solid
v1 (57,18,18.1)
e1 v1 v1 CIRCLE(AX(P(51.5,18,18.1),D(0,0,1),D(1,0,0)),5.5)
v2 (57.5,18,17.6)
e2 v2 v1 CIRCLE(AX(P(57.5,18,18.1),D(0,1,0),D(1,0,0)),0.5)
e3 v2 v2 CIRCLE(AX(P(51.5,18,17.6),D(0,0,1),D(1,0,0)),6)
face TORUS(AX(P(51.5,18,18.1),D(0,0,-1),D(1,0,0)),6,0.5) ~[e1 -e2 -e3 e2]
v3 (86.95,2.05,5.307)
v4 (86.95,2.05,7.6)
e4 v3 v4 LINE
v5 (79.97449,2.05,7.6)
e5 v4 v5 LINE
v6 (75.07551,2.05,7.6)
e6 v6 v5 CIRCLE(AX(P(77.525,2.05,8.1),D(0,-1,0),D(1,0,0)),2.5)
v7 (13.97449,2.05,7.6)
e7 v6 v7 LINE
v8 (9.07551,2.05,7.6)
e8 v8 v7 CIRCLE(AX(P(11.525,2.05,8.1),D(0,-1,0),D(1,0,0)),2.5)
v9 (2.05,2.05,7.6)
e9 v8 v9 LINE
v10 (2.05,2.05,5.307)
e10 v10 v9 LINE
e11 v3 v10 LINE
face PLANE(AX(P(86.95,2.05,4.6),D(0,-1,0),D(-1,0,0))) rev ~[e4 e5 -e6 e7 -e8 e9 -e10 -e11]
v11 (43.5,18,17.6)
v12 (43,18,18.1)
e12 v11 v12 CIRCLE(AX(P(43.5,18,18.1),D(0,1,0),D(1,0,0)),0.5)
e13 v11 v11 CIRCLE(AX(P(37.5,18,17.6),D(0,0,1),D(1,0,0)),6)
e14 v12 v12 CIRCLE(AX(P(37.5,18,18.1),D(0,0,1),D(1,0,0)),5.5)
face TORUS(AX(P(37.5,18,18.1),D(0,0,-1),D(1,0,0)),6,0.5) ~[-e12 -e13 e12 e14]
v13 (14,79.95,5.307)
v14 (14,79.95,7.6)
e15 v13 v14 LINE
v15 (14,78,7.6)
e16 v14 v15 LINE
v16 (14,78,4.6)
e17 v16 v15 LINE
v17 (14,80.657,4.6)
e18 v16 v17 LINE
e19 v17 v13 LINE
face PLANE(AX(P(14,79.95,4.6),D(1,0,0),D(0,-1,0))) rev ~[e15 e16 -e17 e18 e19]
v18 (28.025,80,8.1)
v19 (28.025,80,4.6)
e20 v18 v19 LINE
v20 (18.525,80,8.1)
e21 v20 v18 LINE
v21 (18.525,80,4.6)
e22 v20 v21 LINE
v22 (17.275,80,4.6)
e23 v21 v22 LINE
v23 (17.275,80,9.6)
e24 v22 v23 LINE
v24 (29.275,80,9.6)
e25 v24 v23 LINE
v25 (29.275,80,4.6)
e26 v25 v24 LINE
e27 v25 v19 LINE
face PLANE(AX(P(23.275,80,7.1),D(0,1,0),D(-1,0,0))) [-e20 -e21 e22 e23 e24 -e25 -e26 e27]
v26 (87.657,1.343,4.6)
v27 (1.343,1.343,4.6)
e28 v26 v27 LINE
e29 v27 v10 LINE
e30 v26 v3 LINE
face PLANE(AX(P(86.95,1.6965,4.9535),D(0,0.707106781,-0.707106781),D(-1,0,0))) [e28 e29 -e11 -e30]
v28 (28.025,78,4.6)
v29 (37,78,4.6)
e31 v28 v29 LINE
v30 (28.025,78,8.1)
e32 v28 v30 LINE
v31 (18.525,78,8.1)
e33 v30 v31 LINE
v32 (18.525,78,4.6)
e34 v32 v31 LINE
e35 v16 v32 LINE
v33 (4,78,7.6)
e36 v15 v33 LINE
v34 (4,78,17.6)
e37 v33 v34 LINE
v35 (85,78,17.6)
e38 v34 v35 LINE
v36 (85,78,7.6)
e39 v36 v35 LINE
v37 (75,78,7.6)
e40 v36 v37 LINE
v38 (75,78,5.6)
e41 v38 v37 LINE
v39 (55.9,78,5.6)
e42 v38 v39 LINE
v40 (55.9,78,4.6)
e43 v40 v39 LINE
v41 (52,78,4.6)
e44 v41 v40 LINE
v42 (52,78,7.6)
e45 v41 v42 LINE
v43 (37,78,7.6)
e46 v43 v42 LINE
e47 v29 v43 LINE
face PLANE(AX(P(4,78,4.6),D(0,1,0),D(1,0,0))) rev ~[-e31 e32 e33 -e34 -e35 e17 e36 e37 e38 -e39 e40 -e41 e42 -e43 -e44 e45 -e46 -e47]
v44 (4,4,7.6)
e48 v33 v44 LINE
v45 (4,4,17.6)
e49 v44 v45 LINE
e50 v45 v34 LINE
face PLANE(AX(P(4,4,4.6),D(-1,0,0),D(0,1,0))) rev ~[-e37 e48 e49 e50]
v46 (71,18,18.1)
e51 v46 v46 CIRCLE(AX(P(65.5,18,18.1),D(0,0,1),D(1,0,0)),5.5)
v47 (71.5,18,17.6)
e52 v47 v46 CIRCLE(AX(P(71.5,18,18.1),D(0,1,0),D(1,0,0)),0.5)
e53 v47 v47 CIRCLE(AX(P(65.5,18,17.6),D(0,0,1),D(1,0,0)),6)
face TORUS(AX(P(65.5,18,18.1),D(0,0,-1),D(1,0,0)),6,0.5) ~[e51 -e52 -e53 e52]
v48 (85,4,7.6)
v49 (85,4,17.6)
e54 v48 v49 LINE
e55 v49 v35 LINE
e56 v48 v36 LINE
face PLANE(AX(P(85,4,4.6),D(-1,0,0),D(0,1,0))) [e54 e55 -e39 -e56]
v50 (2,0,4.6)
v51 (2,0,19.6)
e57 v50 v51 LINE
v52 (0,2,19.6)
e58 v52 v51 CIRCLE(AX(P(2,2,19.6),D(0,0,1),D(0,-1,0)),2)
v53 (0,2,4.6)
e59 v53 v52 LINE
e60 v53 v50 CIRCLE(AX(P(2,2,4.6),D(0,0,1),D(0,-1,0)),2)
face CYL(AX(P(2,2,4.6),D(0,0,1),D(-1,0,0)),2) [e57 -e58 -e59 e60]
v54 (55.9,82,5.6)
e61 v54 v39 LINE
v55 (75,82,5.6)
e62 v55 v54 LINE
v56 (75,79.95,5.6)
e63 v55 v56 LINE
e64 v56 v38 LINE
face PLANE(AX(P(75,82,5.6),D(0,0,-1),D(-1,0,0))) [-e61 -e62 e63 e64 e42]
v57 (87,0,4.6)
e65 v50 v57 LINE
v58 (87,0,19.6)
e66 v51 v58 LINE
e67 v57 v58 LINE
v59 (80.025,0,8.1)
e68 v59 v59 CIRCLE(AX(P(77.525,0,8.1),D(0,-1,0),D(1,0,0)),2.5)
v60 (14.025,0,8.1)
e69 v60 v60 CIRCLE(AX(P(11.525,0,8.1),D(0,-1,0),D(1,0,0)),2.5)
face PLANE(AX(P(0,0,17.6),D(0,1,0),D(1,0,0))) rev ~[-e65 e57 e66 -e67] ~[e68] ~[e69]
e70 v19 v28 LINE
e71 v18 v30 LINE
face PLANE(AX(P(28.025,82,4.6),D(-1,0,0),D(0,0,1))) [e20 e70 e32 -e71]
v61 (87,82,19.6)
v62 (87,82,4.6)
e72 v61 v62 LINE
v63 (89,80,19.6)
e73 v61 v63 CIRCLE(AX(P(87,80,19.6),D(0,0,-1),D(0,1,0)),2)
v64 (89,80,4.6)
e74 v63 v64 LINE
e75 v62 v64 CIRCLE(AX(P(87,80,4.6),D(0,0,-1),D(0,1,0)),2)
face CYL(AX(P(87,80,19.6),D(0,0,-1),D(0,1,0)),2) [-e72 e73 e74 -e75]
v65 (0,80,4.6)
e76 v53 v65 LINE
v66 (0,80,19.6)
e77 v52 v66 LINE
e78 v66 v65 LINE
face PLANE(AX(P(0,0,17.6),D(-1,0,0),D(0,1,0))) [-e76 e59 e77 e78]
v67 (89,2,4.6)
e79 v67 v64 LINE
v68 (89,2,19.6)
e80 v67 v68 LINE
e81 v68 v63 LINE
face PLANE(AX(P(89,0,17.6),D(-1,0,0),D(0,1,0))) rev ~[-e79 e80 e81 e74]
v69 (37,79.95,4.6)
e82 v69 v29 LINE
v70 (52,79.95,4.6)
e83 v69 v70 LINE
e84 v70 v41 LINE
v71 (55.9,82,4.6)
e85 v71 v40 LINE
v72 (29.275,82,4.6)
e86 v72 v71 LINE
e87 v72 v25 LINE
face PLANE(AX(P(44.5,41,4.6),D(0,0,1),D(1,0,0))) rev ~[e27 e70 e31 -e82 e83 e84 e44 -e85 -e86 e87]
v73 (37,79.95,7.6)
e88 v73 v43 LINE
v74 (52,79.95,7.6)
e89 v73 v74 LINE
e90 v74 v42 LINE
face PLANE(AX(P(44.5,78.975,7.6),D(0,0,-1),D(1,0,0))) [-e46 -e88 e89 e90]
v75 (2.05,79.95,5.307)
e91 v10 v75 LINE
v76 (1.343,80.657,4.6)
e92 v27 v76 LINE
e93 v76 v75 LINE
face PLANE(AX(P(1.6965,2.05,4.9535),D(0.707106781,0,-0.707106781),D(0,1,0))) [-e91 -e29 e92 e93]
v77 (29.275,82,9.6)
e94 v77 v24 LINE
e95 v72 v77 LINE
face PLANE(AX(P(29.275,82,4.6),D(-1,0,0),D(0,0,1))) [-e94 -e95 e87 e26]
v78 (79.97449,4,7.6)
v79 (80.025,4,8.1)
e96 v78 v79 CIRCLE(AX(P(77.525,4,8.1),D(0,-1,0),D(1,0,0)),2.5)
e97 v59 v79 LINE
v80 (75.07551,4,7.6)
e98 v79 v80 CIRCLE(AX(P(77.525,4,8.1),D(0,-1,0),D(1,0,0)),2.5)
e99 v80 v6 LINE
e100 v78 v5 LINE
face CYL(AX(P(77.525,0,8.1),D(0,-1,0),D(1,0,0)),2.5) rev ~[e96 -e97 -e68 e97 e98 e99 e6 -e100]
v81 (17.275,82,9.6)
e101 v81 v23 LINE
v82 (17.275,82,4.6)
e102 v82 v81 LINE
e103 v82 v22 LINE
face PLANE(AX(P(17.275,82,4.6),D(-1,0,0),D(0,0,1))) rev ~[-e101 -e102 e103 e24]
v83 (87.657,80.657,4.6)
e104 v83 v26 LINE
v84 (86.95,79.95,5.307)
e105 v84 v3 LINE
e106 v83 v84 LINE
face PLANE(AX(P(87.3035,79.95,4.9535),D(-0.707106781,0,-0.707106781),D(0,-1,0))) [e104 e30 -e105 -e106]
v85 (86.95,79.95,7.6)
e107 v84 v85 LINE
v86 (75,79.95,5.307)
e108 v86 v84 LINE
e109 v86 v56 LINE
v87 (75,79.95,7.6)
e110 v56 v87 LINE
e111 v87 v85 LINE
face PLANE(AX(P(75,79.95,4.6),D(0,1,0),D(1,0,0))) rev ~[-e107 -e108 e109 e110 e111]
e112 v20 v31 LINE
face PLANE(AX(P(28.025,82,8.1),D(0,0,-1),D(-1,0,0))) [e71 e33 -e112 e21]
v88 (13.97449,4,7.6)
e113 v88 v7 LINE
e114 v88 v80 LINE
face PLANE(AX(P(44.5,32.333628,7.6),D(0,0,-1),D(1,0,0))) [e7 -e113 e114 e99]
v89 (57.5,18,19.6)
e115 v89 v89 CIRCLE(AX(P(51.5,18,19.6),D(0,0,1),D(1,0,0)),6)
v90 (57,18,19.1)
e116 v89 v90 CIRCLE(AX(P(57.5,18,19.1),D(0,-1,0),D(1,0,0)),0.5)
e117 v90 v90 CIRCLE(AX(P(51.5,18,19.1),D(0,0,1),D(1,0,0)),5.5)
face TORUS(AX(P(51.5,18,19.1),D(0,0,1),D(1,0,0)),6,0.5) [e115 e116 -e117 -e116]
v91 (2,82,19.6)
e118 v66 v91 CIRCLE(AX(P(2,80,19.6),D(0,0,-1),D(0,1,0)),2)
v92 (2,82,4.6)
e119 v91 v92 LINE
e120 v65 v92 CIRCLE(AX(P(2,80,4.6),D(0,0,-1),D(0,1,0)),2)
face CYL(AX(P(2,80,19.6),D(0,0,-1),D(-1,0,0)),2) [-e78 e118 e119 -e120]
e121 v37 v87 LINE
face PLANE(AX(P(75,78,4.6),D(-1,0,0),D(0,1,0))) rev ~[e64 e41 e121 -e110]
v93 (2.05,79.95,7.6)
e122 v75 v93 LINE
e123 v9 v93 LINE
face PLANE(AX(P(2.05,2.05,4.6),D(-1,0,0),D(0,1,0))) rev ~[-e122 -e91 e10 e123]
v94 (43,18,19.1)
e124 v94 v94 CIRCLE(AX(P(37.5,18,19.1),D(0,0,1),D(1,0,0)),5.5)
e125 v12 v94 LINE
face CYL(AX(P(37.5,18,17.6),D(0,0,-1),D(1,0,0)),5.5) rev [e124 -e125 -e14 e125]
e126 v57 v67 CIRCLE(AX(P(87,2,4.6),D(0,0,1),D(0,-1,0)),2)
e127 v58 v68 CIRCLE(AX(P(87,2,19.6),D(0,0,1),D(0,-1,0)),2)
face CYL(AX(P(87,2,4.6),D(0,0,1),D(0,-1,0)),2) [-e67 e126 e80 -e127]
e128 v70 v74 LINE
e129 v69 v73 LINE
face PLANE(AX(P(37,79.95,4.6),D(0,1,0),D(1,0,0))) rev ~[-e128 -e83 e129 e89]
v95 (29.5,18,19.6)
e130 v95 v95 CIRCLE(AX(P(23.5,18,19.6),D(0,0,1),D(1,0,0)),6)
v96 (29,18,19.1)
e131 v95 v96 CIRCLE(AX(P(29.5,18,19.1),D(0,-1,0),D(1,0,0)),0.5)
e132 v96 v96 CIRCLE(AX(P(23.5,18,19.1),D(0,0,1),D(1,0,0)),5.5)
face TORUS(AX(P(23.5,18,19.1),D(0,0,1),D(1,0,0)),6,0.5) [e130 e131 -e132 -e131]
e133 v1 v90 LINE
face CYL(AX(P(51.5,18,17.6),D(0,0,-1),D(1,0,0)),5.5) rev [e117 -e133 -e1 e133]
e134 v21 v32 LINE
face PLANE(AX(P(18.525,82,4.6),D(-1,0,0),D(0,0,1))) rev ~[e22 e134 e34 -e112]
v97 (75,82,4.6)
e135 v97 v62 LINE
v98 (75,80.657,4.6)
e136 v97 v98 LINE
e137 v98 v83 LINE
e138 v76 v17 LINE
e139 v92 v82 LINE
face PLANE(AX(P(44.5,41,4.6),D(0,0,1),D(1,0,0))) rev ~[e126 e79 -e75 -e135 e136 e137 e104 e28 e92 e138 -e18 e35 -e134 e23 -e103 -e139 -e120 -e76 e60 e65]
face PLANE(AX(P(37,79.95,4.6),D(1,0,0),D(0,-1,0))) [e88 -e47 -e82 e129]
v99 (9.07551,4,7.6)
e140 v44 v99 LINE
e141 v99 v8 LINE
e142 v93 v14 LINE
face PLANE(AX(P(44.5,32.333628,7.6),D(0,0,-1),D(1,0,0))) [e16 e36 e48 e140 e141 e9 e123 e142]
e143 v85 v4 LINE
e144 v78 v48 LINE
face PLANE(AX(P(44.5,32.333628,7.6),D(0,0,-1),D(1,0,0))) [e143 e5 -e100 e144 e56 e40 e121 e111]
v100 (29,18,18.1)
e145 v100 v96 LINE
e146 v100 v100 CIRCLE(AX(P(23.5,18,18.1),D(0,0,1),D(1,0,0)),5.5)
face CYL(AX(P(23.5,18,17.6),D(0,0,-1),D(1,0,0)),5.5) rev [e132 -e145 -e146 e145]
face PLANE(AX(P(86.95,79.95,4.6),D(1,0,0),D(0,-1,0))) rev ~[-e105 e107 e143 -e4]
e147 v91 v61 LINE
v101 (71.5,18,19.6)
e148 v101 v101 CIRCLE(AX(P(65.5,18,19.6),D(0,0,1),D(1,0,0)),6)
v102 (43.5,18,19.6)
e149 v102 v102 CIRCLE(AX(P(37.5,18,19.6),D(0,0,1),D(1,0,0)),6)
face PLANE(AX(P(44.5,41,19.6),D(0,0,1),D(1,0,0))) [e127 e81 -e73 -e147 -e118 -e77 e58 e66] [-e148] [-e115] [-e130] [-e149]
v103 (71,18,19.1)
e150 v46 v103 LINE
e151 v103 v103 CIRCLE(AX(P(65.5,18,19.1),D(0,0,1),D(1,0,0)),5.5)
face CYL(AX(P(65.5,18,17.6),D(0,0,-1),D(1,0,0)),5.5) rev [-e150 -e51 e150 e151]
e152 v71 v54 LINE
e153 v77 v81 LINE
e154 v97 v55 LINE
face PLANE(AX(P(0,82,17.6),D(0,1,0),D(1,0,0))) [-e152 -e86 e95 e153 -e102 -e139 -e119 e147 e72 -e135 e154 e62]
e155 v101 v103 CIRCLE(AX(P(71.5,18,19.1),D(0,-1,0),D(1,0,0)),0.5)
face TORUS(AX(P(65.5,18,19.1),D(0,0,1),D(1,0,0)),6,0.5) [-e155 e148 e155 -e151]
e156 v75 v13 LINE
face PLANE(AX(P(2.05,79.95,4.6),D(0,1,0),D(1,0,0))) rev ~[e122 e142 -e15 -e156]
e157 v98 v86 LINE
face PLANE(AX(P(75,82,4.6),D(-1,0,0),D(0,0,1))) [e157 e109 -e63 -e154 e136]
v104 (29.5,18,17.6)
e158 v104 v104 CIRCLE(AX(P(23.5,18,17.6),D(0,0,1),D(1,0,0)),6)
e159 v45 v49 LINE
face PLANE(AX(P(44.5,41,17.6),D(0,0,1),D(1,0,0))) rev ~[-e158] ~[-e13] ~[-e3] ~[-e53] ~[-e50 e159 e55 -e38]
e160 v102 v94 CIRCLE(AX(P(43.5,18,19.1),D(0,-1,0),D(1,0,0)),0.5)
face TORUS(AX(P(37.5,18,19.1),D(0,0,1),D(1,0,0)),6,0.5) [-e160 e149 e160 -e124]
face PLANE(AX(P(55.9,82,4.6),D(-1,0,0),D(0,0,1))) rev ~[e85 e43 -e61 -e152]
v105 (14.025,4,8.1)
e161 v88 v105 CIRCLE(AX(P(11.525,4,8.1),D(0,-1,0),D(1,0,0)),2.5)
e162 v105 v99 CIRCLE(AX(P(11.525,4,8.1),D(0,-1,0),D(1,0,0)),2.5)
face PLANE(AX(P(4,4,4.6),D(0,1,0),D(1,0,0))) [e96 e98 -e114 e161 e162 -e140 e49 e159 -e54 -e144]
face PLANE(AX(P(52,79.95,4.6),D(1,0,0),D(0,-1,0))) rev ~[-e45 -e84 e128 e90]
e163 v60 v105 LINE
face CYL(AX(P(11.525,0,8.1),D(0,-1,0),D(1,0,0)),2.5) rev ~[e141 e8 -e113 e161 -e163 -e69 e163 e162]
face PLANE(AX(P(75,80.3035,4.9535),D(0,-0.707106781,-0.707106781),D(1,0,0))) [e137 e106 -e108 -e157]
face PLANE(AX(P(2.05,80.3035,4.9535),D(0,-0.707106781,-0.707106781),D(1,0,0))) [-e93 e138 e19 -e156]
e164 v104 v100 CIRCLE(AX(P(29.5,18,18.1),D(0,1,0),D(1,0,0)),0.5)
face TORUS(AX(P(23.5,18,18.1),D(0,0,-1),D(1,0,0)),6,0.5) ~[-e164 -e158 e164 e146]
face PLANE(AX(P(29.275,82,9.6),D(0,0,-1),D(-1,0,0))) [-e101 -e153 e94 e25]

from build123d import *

# Parameters (mm, degrees)
SKETCH005_W     = 89
SKETCH005_H     = 82
SKETCH005_W_2   = 81
SKETCH005_H_2   = 74
PAD005_DEPTH    = 13
SKETCH006_W     = 89
SKETCH006_H     = 82
SKETCH006_R     = 5.5
PAD006_DEPTH    = 2
SKETCH007_W     = 9.5
SKETCH007_H     = 3.5
SKETCH007_W_2   = 19.1
SKETCH007_H_2   = 1
POCKET_DEPTH    = 4
SKETCH008_R     = 2.5
POCKET001_DEPTH = 4
SKETCH009_W     = 15
SKETCH009_H     = 1.95
POCKET002_DEPTH = 3
FILLET001_R     = 2
CHAMFER002_SIZE = 0.707
SKETCH011_W     = 12
SKETCH011_H     = 5
POCKET004_DEPTH = 2
FILLET002_R     = 0.5


with BuildPart() as part:
    # Sketch005 → Pad005 (new body)
    with BuildSketch(Plane.XY):
        with Locations((44.5, 41)):
            Rectangle(SKETCH005_W, SKETCH005_H)
        with Locations((44.5, 41)):
            Rectangle(SKETCH005_W_2, SKETCH005_H_2, mode=Mode.SUBTRACT)
    extrude(amount=PAD005_DEPTH)

    # Sketch006 (on Face10 of Pad005) → Pad006 (join)
    with BuildSketch(Plane.XY.offset(13)):
        with Locations((44.5, 41)):
            Rectangle(SKETCH006_W, SKETCH006_H)
        with Locations((23.5, 18)):
            Circle(SKETCH006_R, mode=Mode.SUBTRACT)
        with Locations((37.5, 18)):
            Circle(SKETCH006_R, mode=Mode.SUBTRACT)
        with Locations((51.5, 18)):
            Circle(SKETCH006_R, mode=Mode.SUBTRACT)
        with Locations((65.5, 18)):
            Circle(SKETCH006_R, mode=Mode.SUBTRACT)
    extrude(amount=PAD006_DEPTH)

    # Sketch007 (on Face15 of Pad006) → Pocket (cut)
    with BuildSketch(Plane(origin=(0, 82, 0), x_dir=(-1, 0, 0), z_dir=(0, 1, 0))):
        with Locations((-23.275, 1.75)):
            Rectangle(SKETCH007_W, SKETCH007_H)
        with Locations((-65.45, 0.5)):
            Rectangle(SKETCH007_W_2, SKETCH007_H_2)
    extrude(amount=-POCKET_DEPTH, mode=Mode.SUBTRACT)

    # Sketch008 (on Face11 of Pocket) → Pocket001 (cut)
    with BuildSketch(Plane.XZ):
        with Locations((11.525, 3.5)):
            Circle(SKETCH008_R)
        with Locations((77.525, 3.5)):
            Circle(SKETCH008_R)
    extrude(amount=-POCKET001_DEPTH, mode=Mode.SUBTRACT)

    # Sketch009 (on Face1 of Pocket001) → Pocket002 (cut)
    with BuildSketch(Plane(origin=(0, 0, 0), x_dir=(1, 0, 0), z_dir=(0, 0, -1))):
        Polygon((4, -4), (85, -4), (85, -78), (75, -78), (75, -79.95), (86.95, -79.95), (86.95, -2.05), (2.05, -2.05), (2.05, -79.95), (14, -79.95), (14, -78), (4, -78), align=None)
        with Locations((44.5, -78.975)):
            Rectangle(SKETCH009_W, SKETCH009_H)
    extrude(amount=-POCKET002_DEPTH, mode=Mode.SUBTRACT)

    # Fillet001
    fillet001_edges = [part.edges().sort_by_distance(p)[0] for p in [
        (89, 82, 7.5),
        (89, 0, 7.5),
        (0, 82, 7.5),
        (0, 0, 7.5),
    ]]
    fillet(fillet001_edges, radius=FILLET001_R)

    # Chamfer002
    chamfer002_edges = [part.edges().sort_by_distance(p)[0] for p in [
        (2.05, 41, 0),
        (8.025, 79.95, 0),
        (80.975, 79.95, 0),
        (86.95, 41, 0),
        (44.5, 2.05, 0),
    ]]
    chamfer(chamfer002_edges, length=CHAMFER002_SIZE)

    # Sketch011 (on Face4 of Chamfer002) → Pocket004 (cut)
    with BuildSketch(Plane(origin=(0, 82, 0), x_dir=(-1, 0, 0), z_dir=(0, 1, 0))):
        with Locations((-23.275, 2.5)):
            Rectangle(SKETCH011_W, SKETCH011_H)
    extrude(amount=-POCKET004_DEPTH, mode=Mode.SUBTRACT)

    # Fillet002
    fillet002_edges = [part.edges().sort_by_distance(p)[0] for p in [
        (60, 18, 13),
        (60, 18, 15),
        (46, 18, 13),
        (46, 18, 15),
        (32, 18, 13),
        (32, 18, 15),
        (18, 18, 13),
        (18, 18, 15),
    ]]
    fillet(fillet002_edges, radius=FILLET002_R)


with BuildPart() as part_1:
    # Body001 placement: moved
    add(part.part.moved(Location((0, 0, 4.6))))


solid = part_1.part
